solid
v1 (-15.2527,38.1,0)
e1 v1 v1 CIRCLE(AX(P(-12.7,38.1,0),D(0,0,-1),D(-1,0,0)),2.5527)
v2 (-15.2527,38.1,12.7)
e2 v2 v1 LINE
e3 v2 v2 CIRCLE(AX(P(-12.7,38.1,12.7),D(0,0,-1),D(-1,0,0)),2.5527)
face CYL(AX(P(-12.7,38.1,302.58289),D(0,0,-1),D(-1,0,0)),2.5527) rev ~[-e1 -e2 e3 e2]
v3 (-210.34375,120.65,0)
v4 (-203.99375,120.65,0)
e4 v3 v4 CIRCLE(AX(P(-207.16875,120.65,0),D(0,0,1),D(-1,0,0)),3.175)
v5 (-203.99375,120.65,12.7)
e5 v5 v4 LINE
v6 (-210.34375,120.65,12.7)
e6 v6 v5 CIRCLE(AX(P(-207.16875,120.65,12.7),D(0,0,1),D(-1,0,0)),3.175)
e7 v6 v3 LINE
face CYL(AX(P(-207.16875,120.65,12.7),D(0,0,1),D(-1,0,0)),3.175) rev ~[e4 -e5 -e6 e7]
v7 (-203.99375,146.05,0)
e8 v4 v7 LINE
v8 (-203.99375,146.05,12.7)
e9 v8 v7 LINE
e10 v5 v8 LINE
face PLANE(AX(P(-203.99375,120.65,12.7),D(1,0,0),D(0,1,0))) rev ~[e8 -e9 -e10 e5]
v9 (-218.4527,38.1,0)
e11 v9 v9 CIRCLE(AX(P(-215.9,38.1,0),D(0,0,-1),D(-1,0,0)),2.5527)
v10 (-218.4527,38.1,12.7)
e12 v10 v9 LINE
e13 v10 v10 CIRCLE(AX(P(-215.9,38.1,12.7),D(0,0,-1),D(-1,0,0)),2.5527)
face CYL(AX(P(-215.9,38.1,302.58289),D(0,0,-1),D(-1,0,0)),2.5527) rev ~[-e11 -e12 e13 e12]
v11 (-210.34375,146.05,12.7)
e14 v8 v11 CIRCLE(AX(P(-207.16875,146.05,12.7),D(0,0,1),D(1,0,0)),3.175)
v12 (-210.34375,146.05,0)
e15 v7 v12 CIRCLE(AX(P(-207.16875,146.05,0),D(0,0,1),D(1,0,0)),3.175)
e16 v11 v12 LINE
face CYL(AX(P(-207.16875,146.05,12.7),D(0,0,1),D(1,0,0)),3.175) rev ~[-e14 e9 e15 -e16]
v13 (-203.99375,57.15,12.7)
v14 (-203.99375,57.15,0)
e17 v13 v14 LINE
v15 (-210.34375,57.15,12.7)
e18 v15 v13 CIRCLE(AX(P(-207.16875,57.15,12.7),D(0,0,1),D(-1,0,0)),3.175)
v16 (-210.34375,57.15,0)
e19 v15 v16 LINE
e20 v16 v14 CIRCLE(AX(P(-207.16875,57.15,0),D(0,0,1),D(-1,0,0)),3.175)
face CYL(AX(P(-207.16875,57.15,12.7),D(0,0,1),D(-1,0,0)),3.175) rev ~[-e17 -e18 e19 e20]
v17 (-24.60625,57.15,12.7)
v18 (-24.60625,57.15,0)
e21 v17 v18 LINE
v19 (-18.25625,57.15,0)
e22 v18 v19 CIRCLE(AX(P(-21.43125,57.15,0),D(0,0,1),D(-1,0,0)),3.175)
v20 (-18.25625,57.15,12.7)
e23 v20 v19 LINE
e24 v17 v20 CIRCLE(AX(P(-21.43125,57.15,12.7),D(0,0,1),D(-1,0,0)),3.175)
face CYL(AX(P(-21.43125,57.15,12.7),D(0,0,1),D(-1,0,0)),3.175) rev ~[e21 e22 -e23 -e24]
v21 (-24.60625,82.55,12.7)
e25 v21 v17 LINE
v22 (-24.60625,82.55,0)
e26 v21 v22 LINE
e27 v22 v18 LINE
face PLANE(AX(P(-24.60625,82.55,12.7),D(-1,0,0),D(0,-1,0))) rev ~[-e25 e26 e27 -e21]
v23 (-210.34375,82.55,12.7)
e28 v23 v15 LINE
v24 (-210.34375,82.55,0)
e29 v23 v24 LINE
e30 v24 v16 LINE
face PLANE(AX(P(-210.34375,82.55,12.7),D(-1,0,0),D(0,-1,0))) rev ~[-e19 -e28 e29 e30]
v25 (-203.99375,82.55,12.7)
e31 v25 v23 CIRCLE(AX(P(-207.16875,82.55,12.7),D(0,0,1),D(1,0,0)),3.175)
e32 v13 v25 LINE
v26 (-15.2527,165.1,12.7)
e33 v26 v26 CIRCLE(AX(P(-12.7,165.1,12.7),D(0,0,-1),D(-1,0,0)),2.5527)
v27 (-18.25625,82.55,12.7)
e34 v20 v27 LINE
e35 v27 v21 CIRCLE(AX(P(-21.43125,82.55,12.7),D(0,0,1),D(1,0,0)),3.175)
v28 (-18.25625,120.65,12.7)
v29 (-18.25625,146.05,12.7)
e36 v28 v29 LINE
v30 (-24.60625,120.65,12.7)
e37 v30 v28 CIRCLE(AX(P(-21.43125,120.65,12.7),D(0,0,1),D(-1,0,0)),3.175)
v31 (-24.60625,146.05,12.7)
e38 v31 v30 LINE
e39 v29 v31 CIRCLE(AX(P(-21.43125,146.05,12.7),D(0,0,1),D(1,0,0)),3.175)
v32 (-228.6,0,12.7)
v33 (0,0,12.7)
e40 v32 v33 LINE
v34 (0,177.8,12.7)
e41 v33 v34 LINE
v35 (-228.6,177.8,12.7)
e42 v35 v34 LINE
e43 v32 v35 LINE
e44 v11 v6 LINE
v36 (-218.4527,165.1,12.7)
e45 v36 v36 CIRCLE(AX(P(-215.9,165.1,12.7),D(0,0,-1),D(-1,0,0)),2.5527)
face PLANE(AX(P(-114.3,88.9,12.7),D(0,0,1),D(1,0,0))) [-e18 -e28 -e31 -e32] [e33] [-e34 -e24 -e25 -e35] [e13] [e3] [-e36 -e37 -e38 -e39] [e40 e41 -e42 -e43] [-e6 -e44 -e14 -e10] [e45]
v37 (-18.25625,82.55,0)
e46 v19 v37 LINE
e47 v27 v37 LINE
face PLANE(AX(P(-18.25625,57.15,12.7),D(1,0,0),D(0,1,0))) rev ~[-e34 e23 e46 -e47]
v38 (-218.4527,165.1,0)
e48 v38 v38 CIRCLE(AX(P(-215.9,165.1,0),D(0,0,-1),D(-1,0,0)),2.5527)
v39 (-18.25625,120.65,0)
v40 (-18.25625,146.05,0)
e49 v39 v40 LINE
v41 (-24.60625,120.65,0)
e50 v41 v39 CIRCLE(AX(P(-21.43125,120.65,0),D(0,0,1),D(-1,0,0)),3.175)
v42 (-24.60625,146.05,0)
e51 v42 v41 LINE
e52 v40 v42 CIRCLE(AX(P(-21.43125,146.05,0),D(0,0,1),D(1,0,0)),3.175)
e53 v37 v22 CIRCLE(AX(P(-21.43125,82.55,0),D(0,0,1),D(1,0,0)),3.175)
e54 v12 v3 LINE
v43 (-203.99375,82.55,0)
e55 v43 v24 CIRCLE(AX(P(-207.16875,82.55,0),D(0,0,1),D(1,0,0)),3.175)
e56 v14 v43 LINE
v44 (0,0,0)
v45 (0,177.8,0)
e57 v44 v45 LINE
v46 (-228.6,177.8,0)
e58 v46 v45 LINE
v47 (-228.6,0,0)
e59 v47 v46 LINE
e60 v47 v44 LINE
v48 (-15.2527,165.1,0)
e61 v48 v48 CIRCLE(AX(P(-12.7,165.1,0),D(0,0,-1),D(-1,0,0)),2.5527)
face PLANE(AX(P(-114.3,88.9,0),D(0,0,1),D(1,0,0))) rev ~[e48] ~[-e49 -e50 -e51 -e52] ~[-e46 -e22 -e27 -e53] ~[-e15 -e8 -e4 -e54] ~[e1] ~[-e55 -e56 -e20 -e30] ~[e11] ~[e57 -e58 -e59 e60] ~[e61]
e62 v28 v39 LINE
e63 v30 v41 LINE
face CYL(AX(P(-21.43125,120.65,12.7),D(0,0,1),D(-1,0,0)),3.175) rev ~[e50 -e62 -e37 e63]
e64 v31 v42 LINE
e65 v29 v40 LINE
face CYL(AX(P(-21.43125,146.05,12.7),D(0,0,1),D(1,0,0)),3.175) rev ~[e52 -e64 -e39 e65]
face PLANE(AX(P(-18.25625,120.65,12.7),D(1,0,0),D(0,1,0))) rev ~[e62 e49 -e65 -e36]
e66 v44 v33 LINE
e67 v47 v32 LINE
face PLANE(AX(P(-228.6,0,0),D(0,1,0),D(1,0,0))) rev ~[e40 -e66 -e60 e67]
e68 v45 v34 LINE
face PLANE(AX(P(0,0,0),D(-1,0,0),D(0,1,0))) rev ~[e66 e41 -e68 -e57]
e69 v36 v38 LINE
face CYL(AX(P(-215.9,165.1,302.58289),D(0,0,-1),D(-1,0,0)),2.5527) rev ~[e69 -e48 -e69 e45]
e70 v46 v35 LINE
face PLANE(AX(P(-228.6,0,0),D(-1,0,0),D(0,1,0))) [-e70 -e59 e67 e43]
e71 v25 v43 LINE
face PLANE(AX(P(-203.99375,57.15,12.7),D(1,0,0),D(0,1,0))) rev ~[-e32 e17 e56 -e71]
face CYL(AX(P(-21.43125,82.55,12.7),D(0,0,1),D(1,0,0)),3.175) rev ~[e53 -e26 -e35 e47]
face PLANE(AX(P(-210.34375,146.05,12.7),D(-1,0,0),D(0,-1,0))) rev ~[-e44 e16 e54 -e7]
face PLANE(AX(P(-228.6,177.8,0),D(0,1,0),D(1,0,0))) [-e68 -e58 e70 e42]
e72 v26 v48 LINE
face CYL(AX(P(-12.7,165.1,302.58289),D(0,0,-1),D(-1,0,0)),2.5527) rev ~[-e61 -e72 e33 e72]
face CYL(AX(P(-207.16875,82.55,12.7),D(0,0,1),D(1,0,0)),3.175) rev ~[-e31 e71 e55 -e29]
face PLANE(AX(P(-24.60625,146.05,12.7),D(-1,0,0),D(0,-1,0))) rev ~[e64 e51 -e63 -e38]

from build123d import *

# Parameters (mm, degrees)
F0_W     = 228.6
F0_H     = 177.8
F1_DEPTH = 12.7
F3_D     = 5.1054
F5_DEPTH = 12.701


with BuildPart() as f1:
    # F0 (on Top) → F1 (new body)
    with BuildSketch(Plane.XY):
        with Locations((-114.3, 88.9)):
            Rectangle(F0_W, F0_H)
    extrude(amount=F1_DEPTH)

    # F3 (through all)
    with Locations(Plane.XY.offset(12.7)):
        with Locations((-12.7, 38.1), (-12.7, 165.1), (-215.9, 38.1), (-215.9, 165.1)):
            Hole(F3_D / 2)

    # F4 (on face) → F5 (cut, through all)
    with BuildSketch(Plane.XY.offset(12.7)):
        with BuildLine():
            ThreePointArc((-24.60625, 120.65), (-21.43125, 117.475), (-18.25625, 120.65))
            Line((-18.25625, 120.65), (-18.25625, 146.05))
            ThreePointArc((-18.25625, 146.05), (-21.43125, 149.225), (-24.60625, 146.05))
            Line((-24.60625, 146.05), (-24.60625, 120.65))
        make_face()
        with BuildLine():
            ThreePointArc((-18.25625, 82.55), (-21.43125, 85.725), (-24.60625, 82.55))
            Line((-24.60625, 82.55), (-24.60625, 57.15))
            ThreePointArc((-24.60625, 57.15), (-21.43125, 53.975), (-18.25625, 57.15))
            Line((-18.25625, 57.15), (-18.25625, 82.55))
        make_face()
        with BuildLine():
            Line((-203.99375, 120.65), (-203.99375, 146.05))
            ThreePointArc((-203.99375, 146.05), (-207.16875, 149.225), (-210.34375, 146.05))
            Line((-210.34375, 146.05), (-210.34375, 120.65))
            ThreePointArc((-210.34375, 120.65), (-207.16875, 117.475), (-203.99375, 120.65))
        make_face()
        with BuildLine():
            ThreePointArc((-210.34375, 57.15), (-207.16875, 53.975), (-203.99375, 57.15))
            Line((-203.99375, 57.15), (-203.99375, 82.55))
            ThreePointArc((-203.99375, 82.55), (-207.16875, 85.725), (-210.34375, 82.55))
            Line((-210.34375, 82.55), (-210.34375, 57.15))
        make_face()
    extrude(amount=-F5_DEPTH, mode=Mode.SUBTRACT)


solid = f1.part
